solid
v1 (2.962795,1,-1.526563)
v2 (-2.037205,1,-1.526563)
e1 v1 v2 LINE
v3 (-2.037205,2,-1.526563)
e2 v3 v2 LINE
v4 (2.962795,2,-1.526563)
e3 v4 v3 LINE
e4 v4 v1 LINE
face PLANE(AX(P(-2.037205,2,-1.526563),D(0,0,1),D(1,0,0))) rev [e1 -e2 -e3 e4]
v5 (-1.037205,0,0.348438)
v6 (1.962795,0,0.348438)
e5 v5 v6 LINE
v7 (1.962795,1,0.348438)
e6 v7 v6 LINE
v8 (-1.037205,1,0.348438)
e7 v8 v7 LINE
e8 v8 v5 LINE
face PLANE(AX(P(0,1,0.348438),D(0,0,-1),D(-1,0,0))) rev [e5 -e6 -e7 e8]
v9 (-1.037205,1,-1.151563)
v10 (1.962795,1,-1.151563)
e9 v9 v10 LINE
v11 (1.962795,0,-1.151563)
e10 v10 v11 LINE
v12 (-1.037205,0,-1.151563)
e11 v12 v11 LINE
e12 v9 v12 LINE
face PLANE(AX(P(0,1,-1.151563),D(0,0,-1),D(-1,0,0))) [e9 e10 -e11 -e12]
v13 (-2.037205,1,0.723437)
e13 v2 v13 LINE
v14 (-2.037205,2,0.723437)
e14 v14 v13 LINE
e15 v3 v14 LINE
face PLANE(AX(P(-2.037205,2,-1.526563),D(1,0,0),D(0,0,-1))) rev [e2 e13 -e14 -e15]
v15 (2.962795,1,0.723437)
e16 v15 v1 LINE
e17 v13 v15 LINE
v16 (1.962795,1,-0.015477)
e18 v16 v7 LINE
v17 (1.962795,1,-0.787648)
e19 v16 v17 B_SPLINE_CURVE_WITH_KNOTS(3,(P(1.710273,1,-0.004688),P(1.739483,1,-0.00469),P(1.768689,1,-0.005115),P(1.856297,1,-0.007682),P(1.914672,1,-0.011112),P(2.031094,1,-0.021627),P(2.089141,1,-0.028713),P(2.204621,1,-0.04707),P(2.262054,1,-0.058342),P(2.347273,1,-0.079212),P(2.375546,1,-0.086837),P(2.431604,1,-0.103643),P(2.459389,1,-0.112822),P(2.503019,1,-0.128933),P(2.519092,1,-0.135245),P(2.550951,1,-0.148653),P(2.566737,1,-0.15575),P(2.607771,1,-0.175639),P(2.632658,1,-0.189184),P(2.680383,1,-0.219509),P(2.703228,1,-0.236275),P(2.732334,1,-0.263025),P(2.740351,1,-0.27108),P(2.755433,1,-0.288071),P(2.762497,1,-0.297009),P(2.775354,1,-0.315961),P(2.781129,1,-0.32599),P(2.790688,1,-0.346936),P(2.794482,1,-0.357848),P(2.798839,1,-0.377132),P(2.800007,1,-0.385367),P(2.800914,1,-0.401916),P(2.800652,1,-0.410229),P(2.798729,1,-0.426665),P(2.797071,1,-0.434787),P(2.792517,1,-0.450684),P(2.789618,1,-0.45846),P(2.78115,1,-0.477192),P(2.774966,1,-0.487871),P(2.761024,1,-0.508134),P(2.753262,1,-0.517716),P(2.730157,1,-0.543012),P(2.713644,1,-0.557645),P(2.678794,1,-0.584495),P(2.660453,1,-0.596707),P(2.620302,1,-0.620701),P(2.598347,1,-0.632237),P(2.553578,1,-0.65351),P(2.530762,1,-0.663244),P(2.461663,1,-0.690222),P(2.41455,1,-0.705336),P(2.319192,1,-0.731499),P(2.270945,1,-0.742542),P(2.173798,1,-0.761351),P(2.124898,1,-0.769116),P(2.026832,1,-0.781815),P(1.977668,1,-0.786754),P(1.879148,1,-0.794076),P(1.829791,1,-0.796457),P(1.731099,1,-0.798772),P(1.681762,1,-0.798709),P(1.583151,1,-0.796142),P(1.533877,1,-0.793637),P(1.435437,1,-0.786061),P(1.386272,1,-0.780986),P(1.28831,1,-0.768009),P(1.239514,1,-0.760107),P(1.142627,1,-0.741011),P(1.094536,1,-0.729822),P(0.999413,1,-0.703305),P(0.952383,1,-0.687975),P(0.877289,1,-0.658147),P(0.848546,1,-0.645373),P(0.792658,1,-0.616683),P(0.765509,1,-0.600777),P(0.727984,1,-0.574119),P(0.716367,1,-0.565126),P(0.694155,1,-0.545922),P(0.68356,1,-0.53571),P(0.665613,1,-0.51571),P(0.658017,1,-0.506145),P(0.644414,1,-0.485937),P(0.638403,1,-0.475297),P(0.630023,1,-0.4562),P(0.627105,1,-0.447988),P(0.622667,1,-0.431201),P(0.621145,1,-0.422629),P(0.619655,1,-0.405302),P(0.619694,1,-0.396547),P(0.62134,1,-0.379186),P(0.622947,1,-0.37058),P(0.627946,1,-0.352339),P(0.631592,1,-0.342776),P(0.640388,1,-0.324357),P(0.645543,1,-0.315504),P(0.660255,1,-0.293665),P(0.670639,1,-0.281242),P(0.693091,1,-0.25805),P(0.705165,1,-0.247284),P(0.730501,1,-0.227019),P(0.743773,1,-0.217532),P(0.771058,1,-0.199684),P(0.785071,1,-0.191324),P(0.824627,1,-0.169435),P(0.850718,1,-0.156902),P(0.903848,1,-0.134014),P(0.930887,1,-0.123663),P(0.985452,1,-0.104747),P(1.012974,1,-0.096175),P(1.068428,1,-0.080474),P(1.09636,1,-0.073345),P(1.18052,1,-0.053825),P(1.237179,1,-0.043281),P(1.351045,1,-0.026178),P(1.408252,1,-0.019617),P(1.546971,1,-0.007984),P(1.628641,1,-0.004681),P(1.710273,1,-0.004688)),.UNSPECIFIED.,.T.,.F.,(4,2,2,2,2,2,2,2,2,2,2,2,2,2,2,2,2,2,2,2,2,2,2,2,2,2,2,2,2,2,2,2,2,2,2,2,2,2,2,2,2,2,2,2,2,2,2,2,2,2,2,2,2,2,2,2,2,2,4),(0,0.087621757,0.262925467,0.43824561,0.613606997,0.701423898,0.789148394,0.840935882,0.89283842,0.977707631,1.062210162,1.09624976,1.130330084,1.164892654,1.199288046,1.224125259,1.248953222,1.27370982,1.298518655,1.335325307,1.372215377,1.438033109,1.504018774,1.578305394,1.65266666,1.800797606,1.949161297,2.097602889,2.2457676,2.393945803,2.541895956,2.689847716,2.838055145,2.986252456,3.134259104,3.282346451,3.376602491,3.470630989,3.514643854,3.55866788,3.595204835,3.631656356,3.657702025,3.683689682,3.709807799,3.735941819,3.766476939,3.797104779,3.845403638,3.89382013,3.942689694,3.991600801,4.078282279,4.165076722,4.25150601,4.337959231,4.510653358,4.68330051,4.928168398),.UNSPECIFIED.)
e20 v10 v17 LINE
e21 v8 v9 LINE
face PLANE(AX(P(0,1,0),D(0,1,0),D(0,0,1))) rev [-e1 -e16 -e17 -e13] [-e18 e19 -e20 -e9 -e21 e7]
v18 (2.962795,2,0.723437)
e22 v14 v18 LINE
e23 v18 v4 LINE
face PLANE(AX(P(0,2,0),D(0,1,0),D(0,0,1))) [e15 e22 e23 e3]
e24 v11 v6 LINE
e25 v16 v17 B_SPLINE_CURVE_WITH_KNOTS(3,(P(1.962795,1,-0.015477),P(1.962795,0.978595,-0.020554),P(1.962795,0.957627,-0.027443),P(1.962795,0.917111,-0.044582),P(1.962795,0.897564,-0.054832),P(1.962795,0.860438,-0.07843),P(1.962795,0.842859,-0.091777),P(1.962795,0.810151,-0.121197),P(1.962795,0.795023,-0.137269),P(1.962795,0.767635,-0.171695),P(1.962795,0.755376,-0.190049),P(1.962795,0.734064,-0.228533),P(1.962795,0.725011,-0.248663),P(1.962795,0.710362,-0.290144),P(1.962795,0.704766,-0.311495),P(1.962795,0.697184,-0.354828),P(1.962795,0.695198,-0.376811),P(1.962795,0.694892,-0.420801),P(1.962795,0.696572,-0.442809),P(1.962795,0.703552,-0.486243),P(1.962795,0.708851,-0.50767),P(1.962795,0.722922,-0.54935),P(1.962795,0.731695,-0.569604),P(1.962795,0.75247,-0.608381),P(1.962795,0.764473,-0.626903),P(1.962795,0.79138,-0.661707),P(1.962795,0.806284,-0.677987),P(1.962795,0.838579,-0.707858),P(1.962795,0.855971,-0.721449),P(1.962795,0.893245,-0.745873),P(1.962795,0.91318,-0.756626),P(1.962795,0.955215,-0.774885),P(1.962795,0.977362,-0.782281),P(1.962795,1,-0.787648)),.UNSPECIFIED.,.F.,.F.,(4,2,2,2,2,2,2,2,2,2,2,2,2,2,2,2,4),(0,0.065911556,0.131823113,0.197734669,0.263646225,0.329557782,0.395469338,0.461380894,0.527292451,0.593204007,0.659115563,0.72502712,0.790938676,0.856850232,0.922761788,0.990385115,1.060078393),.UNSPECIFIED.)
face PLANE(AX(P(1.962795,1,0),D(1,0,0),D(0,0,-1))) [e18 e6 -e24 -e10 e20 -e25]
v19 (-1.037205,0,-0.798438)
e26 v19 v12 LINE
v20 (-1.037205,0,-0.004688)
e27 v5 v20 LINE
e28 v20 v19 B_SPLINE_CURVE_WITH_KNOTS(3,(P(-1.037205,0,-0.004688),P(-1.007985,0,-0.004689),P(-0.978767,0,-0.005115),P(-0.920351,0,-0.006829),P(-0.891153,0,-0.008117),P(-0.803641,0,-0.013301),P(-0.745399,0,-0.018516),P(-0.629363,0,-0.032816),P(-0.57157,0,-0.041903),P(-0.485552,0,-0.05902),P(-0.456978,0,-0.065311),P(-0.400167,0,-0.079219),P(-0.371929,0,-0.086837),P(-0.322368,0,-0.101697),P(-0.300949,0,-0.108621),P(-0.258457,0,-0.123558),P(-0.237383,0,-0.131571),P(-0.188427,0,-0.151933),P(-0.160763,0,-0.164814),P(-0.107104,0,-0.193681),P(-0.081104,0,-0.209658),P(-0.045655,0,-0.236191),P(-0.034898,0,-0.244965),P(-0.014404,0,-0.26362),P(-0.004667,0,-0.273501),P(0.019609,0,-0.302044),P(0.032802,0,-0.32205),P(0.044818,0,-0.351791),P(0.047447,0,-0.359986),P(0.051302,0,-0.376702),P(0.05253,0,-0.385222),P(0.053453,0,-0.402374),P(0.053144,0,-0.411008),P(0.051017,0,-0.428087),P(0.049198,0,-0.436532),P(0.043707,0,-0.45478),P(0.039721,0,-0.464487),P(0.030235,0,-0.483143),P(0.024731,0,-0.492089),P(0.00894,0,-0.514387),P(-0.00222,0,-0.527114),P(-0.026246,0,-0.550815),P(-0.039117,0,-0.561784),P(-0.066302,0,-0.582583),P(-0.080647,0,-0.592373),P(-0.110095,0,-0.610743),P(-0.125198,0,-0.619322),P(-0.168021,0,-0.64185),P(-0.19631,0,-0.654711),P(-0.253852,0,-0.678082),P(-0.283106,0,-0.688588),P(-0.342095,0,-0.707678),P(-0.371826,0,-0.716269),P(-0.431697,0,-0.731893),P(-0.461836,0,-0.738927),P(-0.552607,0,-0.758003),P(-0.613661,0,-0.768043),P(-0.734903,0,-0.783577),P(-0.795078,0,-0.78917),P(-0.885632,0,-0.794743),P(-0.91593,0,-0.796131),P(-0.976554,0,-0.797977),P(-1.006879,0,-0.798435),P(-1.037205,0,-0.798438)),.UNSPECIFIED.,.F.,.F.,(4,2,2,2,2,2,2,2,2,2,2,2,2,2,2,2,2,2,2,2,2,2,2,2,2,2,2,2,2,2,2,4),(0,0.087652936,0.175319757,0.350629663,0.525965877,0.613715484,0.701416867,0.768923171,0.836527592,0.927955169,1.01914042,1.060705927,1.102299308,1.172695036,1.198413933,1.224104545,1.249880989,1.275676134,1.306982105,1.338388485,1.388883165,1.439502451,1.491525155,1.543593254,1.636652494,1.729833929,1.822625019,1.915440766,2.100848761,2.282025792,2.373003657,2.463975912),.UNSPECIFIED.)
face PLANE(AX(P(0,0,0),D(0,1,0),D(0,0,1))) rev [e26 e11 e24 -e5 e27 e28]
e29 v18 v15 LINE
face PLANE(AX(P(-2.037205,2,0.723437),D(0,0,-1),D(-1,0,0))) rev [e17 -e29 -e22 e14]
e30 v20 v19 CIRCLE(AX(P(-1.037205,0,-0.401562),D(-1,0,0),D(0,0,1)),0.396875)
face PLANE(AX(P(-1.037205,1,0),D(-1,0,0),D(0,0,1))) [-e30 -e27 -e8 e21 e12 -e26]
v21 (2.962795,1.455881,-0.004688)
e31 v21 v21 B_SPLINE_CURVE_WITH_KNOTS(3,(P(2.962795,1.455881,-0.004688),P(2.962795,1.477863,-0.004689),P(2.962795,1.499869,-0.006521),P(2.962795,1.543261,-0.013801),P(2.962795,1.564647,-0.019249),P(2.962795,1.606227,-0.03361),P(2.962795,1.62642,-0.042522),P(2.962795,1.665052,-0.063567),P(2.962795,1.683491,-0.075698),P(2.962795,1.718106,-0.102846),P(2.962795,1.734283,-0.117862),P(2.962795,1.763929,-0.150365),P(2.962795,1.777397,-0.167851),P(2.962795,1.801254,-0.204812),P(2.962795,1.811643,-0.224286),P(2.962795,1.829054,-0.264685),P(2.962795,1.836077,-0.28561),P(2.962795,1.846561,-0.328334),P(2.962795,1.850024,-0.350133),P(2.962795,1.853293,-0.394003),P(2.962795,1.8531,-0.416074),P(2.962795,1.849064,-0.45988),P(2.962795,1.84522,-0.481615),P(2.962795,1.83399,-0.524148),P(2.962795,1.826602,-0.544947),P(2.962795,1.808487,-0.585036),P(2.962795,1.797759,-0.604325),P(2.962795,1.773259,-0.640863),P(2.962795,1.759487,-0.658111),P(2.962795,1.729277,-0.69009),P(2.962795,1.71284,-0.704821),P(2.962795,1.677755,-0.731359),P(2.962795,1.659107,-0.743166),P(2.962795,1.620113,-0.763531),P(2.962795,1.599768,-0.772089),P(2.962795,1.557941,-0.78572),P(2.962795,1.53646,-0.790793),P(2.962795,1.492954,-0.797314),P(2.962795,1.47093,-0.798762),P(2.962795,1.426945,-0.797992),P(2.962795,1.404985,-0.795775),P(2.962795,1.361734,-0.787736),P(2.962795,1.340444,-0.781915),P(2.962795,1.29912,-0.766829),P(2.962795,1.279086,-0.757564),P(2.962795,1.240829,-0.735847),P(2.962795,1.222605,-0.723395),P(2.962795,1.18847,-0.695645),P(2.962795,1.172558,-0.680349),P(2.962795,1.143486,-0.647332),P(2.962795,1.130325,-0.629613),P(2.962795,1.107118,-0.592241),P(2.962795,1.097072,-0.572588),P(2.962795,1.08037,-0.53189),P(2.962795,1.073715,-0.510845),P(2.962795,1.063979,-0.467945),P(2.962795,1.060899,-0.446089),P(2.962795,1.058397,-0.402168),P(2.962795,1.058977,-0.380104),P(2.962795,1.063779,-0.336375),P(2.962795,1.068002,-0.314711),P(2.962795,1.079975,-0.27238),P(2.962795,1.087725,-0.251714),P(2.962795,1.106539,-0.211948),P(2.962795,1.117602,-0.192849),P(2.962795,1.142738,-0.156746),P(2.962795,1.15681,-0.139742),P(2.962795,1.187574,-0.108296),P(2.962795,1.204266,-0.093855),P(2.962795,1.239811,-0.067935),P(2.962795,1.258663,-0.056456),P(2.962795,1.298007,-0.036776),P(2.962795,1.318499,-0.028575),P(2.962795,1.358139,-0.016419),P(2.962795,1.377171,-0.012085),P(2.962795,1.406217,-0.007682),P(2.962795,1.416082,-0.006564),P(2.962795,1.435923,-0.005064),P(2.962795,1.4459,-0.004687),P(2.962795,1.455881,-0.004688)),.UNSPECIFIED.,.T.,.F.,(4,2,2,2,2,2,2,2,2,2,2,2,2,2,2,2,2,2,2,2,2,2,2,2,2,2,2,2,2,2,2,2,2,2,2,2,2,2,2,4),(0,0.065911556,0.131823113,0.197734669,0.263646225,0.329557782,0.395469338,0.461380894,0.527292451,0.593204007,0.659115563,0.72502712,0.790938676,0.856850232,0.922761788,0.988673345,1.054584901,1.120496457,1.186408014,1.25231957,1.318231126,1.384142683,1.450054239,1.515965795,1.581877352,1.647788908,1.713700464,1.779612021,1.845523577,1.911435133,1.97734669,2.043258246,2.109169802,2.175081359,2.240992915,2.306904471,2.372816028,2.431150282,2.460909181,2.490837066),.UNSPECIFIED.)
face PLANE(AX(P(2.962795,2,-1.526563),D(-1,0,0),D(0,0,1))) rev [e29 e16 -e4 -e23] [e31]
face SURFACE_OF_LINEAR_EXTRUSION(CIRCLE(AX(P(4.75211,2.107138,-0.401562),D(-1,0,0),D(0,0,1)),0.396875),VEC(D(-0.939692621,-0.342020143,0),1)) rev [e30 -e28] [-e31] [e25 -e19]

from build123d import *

# Parameters (mm, degrees)
SKETCH1_W           = 3
SKETCH1_H           = 1.5
BOSS_EXTRUDE1_DEPTH = 1
SKETCH5_W           = 5
SKETCH5_H           = 2.25
BOSS_EXTRUDE2_DEPTH = 1
SKETCH4_R           = 0.396875


with BuildPart() as part:
    # Sketch1 → Boss-Extrude1 (new body)
    with BuildSketch(Plane(origin=(0, 0, 0), x_dir=(1, 0, 0), z_dir=(0, 1, 0))):
        with Locations((0.462795252, 0.4015625)):
            Rectangle(SKETCH1_W, SKETCH1_H)
    extrude(amount=BOSS_EXTRUDE1_DEPTH)

    # Sketch5 → Boss-Extrude2 (add)
    with BuildSketch(Plane(origin=(0, 1, 0), x_dir=(1, 0, 0), z_dir=(0, 1, 0))):
        with Locations((0.462795252, 0.4015625)):
            Rectangle(SKETCH5_W, SKETCH5_H)
    extrude(amount=BOSS_EXTRUDE2_DEPTH)

    # Cut-Sweep3: sweep along a path in Sketch2
    with BuildLine(Plane.XY) as cut_sweep3_path:
        Line((-1.037204748, 0), (4.752109832, 2.107138184))
    # Sketch4 → Cut-Sweep3 (sweep, cut)
    with BuildSketch(Plane(origin=(-1.037204748, 1, 0), x_dir=(0, 0, 1), z_dir=(-1, 0, 0))):
        with Locations((-0.4015625, -1)):
            Circle(SKETCH4_R)
    sweep(path=cut_sweep3_path.line, mode=Mode.SUBTRACT)


solid = part.part
